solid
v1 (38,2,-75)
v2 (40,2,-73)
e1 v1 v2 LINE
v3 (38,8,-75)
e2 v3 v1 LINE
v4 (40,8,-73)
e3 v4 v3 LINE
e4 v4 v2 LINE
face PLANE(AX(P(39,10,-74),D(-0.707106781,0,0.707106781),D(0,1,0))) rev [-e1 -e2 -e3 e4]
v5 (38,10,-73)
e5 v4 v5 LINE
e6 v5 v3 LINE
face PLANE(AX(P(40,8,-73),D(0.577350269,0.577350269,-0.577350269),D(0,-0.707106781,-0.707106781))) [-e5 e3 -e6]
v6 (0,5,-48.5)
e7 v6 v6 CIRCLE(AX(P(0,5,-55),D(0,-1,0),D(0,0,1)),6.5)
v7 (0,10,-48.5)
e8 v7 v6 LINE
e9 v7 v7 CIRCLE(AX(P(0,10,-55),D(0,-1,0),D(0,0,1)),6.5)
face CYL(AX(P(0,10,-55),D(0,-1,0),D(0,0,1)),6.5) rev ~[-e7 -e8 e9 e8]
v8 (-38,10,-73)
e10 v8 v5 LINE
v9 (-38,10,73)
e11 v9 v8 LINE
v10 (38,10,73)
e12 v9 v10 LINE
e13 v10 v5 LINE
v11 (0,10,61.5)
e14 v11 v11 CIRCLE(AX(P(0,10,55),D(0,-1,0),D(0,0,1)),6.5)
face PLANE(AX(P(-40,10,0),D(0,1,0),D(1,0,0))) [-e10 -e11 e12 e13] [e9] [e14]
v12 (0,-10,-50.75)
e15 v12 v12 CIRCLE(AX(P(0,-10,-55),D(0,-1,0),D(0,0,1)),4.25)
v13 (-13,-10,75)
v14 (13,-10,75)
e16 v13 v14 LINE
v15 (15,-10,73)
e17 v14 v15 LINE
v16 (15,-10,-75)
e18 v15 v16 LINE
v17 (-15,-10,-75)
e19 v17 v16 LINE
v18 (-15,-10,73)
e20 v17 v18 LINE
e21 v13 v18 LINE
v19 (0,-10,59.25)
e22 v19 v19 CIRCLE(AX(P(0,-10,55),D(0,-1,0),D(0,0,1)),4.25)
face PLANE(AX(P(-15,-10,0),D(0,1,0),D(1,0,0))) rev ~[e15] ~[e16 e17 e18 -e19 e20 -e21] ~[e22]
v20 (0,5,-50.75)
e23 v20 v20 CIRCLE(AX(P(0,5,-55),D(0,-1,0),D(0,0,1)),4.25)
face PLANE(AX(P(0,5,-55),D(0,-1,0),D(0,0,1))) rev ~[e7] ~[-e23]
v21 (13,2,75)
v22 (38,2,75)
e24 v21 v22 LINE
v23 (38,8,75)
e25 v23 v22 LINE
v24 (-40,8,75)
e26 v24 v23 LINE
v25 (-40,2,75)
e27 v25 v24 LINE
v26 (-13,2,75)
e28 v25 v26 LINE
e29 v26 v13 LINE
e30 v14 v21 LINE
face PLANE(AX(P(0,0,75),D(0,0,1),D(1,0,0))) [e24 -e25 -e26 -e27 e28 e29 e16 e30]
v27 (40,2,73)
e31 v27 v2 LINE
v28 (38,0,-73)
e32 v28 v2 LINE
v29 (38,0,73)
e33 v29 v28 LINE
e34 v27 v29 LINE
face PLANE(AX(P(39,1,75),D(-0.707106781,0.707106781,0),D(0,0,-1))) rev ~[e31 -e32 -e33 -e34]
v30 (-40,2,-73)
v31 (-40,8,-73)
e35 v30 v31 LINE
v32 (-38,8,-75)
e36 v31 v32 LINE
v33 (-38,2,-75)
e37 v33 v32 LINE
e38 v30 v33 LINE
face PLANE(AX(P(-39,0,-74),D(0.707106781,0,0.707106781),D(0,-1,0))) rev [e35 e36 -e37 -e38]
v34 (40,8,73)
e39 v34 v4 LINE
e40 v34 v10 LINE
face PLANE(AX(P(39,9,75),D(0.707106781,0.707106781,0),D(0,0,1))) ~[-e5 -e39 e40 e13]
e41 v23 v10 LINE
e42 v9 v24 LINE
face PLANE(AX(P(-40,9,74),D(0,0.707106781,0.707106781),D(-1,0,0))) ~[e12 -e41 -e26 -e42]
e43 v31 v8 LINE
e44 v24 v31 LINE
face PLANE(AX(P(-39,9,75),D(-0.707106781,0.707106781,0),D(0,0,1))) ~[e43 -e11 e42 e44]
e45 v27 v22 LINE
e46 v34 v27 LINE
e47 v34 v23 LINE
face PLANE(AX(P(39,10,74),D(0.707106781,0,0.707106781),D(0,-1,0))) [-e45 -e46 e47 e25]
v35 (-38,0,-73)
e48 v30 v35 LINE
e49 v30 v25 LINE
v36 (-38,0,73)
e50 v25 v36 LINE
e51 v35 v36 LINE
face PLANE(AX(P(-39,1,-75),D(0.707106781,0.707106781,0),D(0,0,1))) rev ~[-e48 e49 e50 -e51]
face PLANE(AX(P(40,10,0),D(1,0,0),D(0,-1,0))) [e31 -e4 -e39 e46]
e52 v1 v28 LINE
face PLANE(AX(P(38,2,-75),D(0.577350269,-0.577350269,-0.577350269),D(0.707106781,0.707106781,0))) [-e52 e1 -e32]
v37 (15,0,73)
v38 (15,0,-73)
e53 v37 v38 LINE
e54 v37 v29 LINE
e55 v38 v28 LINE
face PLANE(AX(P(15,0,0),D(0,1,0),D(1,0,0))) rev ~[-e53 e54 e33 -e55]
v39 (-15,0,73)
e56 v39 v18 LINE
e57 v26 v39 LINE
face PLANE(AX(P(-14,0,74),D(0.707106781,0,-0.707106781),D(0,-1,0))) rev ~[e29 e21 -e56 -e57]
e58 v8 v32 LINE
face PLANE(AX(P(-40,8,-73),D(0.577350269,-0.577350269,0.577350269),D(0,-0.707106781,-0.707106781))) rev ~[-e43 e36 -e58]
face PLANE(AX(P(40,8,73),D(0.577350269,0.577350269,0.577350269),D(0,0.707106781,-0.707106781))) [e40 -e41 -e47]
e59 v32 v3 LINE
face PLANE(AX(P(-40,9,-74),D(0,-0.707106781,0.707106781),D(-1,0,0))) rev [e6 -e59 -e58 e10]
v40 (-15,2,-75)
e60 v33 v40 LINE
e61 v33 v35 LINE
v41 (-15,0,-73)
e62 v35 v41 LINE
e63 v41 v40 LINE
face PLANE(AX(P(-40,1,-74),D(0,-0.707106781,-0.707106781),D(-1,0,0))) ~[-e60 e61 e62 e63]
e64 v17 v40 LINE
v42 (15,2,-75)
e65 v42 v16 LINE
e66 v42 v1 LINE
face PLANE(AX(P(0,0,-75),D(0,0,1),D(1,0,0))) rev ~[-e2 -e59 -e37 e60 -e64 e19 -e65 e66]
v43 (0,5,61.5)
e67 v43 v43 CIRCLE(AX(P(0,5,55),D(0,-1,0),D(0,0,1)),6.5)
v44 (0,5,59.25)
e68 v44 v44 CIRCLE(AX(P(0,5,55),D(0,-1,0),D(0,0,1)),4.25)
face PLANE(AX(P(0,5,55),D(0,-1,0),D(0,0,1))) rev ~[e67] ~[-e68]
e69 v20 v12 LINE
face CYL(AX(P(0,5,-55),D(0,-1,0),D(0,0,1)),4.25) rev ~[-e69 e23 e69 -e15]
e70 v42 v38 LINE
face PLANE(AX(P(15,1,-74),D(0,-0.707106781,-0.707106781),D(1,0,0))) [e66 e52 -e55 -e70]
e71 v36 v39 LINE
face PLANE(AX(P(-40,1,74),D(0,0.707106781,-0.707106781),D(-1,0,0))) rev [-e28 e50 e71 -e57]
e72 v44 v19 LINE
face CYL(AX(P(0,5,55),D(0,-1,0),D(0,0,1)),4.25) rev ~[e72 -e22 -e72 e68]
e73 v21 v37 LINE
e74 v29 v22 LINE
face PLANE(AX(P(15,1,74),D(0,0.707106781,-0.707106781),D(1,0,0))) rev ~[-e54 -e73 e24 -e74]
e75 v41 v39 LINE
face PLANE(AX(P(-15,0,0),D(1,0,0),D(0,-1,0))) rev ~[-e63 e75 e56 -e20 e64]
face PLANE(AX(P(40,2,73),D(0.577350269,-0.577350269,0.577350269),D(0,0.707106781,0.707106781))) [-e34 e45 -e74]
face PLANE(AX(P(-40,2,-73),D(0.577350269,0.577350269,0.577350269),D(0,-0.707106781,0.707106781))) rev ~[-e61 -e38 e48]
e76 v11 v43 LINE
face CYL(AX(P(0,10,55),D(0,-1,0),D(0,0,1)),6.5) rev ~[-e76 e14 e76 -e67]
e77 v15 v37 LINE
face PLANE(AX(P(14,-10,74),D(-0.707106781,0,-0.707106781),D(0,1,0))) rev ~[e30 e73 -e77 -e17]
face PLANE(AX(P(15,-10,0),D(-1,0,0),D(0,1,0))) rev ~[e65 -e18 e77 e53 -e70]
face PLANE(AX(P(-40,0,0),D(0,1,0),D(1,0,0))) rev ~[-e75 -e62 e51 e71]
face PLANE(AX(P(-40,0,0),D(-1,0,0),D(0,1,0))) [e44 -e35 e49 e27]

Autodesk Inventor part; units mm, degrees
ref_plane "YZ Plane" through (0, 0, 0) normal (1, 0, 0) x (0, 1, 0)
ref_plane "XZ Plane" through (0, 0, 0) normal (0, 1, 0) x (-1, 0, 0)
ref_plane "XY Plane" through (0, 0, 0) normal (0, 0, 1) x (1, 0, 0)
sketch "Sketch3" plane through (0, 0, 0) normal (0, 0, 1) x (1, 0, 0)
  line L0 (-40, 0) -> (-40, 10)
  line L1 (-40, 10) -> (40, 10)
  line L2 (40, 10) -> (40, 0)
  line L3 (-40, 0) -> (-15, 0)
  line L4 (-15, 0) -> (-15, -10)
  line L5 (-15, -10) -> (15, -10)
  line L6 (15, -10) -> (15, 0)
  line L7 (15, 0) -> (40, 0)
  point P0 (0, 0)
  dimension "d0" = 40
  dimension "d1" = 10
  dimension "d2" = 80
  dimension "d6" = 25
  dimension "d7" = 10
  dimension "d8" = 30
  dimension "d9" = 10
extrude "Extrusion1" add sketch "Sketch3" along normal mid plane 150
sketch "Sketch4" plane through (-40, 10, 75) normal (0, 1, 0) x (1, 0, 0)
  point P0 (40, 75)
chamfer "Chamfer1" distance 2 angle 45 15 edges at (0, 10, 75) (0, 10, -75) (15, -5, 75) (27.5, 0, 75) (40, 0, 0) (27.5, 0, -75) (40, 5, 75) (40, 10, 0) (40, 5, -75) (-15, -5, 75) (-27.5, 0, -75) (-40, 10, 0) (-40, 5, -75) (-40, 0, 0) (-27.5, 0, 75)
sketch "Sketch5" plane through (-38, 10, -73) normal (0, 1, 0) x (1, 0, 0)
  circle A0 centre (38, -18) radius 5.6308
  circle A1 centre (38, -128) radius 5.6351
  line L0 (-2, -148) -> (76, -148) projected
  line L1 (76, 2) -> (0, 2) projected
  line L2 (76, 0) -> (76, -146) projected
  line L3 (78, -146) -> (78, 0) projected
  point P0 (38, -73)
  dimension "d13" = 20
  dimension "d14" = 20
  dimension "d16" = 40
  dimension "d17" = 40
hole "Hole1" at (0, 10, -55) at (0, 10, 55) direction (0, -1, 0) diameter 8.5 end through all counterbore diameter 13 counterbore depth 5
properties part number "Hanging bracket male"
